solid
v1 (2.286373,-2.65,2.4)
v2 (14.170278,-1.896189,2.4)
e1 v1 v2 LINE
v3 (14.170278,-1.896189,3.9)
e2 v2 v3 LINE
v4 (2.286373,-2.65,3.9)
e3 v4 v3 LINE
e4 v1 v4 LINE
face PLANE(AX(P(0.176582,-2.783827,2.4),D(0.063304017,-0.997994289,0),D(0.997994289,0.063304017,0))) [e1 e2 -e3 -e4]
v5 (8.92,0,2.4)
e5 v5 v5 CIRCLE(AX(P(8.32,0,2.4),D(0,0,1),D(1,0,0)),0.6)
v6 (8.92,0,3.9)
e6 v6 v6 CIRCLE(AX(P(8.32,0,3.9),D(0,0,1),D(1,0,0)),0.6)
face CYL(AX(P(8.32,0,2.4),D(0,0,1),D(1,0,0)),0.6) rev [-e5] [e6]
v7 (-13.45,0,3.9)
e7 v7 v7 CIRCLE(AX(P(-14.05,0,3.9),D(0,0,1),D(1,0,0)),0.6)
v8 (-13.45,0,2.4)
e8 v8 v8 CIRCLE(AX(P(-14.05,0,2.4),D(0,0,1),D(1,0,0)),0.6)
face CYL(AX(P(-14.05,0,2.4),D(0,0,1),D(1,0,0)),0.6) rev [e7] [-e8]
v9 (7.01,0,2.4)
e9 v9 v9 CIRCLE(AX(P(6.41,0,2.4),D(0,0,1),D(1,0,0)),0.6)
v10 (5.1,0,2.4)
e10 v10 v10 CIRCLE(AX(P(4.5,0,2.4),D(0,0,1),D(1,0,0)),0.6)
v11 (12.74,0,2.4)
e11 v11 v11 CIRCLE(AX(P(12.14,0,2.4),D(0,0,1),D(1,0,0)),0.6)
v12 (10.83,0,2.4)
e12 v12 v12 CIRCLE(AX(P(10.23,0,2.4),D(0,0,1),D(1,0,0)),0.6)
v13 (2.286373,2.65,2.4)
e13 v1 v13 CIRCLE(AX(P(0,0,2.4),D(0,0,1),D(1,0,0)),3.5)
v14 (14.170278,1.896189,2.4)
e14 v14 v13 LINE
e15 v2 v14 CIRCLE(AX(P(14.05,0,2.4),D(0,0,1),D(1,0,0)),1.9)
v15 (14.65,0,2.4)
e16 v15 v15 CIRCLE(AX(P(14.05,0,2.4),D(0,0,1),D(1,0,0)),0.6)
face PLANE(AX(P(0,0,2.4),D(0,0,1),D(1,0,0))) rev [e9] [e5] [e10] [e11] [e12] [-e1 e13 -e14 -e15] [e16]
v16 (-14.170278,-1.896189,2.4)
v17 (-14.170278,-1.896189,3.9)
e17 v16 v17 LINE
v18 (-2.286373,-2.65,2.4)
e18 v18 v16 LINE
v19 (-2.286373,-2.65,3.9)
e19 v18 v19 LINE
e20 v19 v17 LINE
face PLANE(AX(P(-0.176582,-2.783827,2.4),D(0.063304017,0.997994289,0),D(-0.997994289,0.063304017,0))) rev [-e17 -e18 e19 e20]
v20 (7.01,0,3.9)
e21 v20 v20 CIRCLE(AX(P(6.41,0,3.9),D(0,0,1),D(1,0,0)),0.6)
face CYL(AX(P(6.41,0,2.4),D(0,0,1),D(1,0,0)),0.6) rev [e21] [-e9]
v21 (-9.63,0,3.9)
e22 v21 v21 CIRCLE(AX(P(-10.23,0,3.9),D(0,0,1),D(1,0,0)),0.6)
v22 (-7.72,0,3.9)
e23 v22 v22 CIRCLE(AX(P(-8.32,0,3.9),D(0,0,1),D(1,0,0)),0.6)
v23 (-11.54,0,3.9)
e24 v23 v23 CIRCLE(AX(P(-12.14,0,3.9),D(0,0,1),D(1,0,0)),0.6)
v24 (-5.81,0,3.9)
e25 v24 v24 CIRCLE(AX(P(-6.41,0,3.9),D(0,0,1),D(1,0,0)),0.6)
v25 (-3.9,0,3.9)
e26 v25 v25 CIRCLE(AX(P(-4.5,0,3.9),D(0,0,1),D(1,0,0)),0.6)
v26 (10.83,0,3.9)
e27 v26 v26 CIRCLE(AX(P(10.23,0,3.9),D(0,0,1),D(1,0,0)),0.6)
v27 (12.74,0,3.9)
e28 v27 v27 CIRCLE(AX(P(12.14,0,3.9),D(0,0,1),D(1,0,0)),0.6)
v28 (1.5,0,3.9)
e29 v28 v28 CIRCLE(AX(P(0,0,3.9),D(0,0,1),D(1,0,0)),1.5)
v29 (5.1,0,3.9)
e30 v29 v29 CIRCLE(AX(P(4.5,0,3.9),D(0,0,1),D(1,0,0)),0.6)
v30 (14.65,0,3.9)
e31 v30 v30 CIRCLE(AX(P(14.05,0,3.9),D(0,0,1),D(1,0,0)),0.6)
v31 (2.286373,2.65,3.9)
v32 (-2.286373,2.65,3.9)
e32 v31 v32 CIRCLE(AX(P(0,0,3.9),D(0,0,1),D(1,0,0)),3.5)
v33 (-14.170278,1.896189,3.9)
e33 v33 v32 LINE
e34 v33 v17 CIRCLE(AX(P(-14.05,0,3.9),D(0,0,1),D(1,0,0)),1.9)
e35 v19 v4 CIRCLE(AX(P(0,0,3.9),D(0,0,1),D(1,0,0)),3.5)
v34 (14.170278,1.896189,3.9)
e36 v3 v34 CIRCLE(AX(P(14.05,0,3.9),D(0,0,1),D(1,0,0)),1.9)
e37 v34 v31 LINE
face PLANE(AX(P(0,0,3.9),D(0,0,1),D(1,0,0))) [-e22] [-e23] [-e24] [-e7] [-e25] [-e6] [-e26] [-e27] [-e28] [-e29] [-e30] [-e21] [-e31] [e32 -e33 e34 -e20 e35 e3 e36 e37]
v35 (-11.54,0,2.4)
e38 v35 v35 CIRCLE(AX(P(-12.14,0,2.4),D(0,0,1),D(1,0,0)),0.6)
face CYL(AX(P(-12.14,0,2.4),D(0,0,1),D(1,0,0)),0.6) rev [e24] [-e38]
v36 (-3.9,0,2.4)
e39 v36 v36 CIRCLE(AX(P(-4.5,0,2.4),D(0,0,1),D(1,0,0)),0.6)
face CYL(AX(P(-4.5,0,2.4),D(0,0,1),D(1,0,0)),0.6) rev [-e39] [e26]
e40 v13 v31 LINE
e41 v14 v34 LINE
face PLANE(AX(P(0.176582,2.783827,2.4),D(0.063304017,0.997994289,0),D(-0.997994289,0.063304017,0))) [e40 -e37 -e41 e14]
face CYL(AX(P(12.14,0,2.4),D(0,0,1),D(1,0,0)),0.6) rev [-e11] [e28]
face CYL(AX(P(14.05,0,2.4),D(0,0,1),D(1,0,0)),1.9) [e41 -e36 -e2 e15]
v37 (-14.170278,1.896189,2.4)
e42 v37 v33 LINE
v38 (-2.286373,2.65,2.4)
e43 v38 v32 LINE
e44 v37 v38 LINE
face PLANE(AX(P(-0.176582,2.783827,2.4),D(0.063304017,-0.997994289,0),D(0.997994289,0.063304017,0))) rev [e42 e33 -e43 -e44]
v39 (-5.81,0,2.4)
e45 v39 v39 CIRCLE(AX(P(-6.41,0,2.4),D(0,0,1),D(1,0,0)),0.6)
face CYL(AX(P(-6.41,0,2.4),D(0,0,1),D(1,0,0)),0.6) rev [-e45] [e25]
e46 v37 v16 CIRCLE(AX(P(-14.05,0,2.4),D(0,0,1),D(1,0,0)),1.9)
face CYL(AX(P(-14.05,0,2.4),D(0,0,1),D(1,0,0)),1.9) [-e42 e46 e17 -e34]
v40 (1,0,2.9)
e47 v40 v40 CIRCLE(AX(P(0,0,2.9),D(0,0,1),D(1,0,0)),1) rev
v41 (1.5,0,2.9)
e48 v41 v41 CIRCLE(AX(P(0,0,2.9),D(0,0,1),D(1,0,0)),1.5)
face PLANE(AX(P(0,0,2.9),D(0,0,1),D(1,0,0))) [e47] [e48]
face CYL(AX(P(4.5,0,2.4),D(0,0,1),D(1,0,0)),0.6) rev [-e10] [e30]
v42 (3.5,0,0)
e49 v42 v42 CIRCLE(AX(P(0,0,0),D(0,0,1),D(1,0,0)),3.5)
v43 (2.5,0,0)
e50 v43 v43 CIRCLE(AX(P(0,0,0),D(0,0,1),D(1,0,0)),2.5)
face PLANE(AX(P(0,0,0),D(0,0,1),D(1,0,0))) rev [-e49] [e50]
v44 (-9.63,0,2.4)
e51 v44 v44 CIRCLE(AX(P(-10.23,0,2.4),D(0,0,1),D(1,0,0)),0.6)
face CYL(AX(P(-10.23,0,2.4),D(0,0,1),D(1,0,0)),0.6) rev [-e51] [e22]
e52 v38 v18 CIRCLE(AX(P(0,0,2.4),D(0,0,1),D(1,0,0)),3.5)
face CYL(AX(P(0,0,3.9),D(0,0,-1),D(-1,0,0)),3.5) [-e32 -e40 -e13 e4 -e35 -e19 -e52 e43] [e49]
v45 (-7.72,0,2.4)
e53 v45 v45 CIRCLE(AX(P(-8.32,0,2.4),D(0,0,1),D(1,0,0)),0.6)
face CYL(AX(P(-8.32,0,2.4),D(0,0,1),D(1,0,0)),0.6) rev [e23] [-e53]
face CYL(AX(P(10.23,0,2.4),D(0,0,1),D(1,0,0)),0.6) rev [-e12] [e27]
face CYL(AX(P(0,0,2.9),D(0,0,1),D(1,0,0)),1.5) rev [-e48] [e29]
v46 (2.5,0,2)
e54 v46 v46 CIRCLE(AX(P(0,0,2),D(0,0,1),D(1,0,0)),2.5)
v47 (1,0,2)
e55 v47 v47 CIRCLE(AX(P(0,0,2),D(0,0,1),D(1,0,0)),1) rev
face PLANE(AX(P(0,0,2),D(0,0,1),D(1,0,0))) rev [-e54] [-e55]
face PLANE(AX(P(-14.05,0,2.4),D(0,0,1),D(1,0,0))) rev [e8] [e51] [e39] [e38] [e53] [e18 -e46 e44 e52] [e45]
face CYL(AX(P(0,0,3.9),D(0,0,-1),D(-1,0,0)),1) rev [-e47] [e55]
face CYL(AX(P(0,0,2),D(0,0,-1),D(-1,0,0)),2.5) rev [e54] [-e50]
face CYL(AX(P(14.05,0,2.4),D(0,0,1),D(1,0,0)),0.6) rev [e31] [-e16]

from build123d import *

# Parameters (mm, degrees)
SKETCH_1_R          = 3.5
EXTRUDE_1_DEPTH     = 3.9
EXTRUDE_START       = 2.4
SKETCH_1_6_R        = 0.6
EXTRUDE_2_DEPTH     = 1.5
SKETCH_1_3_R        = 2.5
CUT_EXTRUDE_1_DEPTH = 2
CUT_EXTRUDE_START   = 3.9
SKETCH_1_4_R        = 1.5
CUT_EXTRUDE_2_DEPTH = 1
SKETCH_1_5_R        = 1
CUT_EXTRUDE_3_DEPTH = 17.788761122


with BuildPart() as part:
    # 草图1 → 凸台-拉伸1 (new body)
    with BuildSketch(Plane.XY):
        Circle(SKETCH_1_R)
    extrude(amount=EXTRUDE_1_DEPTH)

    # 草图1<6> → 凸台-拉伸2 (add)
    with BuildSketch(Plane.XY.offset(EXTRUDE_START)):
        with BuildLine():
            Line((14.170277633, 1.89618915), (2.286372673, 2.65))
            ThreePointArc((2.286372673, 2.65), (3.5, 0), (2.286372673, -2.65))
            Line((2.286372673, -2.65), (14.170277633, -1.89618915))
            ThreePointArc((14.170277633, -1.89618915), (15.95, 0), (14.170277633, 1.89618915))
        make_face()
        with BuildLine():
            ThreePointArc((11.54, 0), (12.14, 0.6), (12.74, 0))
            ThreePointArc((12.74, 0), (12.14, -0.6), (11.54, 0))
        make_face(mode=Mode.SUBTRACT)
        with Locations((4.5, 0)):
            Circle(SKETCH_1_6_R, mode=Mode.SUBTRACT)
        with BuildLine():
            ThreePointArc((5.81, 0), (6.41, 0.6), (7.01, 0))
            ThreePointArc((7.01, 0), (6.41, -0.6), (5.81, 0))
        make_face(mode=Mode.SUBTRACT)
        with BuildLine():
            ThreePointArc((7.72, 0), (8.32, 0.6), (8.92, 0))
            ThreePointArc((8.92, 0), (8.32, -0.6), (7.72, 0))
        make_face(mode=Mode.SUBTRACT)
        with BuildLine():
            ThreePointArc((9.63, 0), (10.23, 0.6), (10.83, 0))
            ThreePointArc((10.83, 0), (10.23, -0.6), (9.63, 0))
        make_face(mode=Mode.SUBTRACT)
        with Locations((14.05, 0)):
            Circle(SKETCH_1_6_R, mode=Mode.SUBTRACT)
    extrude_2 = extrude(amount=EXTRUDE_2_DEPTH)

    # 镜向1: 凸台-拉伸2 across plane
    add(extrude_2.mirror(Plane(origin=(0, 0, 0), x_dir=(0, 0, 1), z_dir=(1, 0, 0))))

    # 草图1<3> → 切除-拉伸1 (cut)
    with BuildSketch(Plane.XY):
        Circle(SKETCH_1_3_R)
    extrude(amount=CUT_EXTRUDE_1_DEPTH, mode=Mode.SUBTRACT)

    # 草图1<4> → 切除-拉伸2 (cut)
    with BuildSketch(Plane.XY.offset(CUT_EXTRUDE_START)):
        Circle(SKETCH_1_4_R)
    extrude(amount=-CUT_EXTRUDE_2_DEPTH, mode=Mode.SUBTRACT)

    # 草图1<5> → 切除-拉伸3 (cut, through all)
    with BuildSketch(Plane.XY):
        Circle(SKETCH_1_5_R)
    extrude(amount=CUT_EXTRUDE_3_DEPTH, mode=Mode.SUBTRACT)


solid = part.part
